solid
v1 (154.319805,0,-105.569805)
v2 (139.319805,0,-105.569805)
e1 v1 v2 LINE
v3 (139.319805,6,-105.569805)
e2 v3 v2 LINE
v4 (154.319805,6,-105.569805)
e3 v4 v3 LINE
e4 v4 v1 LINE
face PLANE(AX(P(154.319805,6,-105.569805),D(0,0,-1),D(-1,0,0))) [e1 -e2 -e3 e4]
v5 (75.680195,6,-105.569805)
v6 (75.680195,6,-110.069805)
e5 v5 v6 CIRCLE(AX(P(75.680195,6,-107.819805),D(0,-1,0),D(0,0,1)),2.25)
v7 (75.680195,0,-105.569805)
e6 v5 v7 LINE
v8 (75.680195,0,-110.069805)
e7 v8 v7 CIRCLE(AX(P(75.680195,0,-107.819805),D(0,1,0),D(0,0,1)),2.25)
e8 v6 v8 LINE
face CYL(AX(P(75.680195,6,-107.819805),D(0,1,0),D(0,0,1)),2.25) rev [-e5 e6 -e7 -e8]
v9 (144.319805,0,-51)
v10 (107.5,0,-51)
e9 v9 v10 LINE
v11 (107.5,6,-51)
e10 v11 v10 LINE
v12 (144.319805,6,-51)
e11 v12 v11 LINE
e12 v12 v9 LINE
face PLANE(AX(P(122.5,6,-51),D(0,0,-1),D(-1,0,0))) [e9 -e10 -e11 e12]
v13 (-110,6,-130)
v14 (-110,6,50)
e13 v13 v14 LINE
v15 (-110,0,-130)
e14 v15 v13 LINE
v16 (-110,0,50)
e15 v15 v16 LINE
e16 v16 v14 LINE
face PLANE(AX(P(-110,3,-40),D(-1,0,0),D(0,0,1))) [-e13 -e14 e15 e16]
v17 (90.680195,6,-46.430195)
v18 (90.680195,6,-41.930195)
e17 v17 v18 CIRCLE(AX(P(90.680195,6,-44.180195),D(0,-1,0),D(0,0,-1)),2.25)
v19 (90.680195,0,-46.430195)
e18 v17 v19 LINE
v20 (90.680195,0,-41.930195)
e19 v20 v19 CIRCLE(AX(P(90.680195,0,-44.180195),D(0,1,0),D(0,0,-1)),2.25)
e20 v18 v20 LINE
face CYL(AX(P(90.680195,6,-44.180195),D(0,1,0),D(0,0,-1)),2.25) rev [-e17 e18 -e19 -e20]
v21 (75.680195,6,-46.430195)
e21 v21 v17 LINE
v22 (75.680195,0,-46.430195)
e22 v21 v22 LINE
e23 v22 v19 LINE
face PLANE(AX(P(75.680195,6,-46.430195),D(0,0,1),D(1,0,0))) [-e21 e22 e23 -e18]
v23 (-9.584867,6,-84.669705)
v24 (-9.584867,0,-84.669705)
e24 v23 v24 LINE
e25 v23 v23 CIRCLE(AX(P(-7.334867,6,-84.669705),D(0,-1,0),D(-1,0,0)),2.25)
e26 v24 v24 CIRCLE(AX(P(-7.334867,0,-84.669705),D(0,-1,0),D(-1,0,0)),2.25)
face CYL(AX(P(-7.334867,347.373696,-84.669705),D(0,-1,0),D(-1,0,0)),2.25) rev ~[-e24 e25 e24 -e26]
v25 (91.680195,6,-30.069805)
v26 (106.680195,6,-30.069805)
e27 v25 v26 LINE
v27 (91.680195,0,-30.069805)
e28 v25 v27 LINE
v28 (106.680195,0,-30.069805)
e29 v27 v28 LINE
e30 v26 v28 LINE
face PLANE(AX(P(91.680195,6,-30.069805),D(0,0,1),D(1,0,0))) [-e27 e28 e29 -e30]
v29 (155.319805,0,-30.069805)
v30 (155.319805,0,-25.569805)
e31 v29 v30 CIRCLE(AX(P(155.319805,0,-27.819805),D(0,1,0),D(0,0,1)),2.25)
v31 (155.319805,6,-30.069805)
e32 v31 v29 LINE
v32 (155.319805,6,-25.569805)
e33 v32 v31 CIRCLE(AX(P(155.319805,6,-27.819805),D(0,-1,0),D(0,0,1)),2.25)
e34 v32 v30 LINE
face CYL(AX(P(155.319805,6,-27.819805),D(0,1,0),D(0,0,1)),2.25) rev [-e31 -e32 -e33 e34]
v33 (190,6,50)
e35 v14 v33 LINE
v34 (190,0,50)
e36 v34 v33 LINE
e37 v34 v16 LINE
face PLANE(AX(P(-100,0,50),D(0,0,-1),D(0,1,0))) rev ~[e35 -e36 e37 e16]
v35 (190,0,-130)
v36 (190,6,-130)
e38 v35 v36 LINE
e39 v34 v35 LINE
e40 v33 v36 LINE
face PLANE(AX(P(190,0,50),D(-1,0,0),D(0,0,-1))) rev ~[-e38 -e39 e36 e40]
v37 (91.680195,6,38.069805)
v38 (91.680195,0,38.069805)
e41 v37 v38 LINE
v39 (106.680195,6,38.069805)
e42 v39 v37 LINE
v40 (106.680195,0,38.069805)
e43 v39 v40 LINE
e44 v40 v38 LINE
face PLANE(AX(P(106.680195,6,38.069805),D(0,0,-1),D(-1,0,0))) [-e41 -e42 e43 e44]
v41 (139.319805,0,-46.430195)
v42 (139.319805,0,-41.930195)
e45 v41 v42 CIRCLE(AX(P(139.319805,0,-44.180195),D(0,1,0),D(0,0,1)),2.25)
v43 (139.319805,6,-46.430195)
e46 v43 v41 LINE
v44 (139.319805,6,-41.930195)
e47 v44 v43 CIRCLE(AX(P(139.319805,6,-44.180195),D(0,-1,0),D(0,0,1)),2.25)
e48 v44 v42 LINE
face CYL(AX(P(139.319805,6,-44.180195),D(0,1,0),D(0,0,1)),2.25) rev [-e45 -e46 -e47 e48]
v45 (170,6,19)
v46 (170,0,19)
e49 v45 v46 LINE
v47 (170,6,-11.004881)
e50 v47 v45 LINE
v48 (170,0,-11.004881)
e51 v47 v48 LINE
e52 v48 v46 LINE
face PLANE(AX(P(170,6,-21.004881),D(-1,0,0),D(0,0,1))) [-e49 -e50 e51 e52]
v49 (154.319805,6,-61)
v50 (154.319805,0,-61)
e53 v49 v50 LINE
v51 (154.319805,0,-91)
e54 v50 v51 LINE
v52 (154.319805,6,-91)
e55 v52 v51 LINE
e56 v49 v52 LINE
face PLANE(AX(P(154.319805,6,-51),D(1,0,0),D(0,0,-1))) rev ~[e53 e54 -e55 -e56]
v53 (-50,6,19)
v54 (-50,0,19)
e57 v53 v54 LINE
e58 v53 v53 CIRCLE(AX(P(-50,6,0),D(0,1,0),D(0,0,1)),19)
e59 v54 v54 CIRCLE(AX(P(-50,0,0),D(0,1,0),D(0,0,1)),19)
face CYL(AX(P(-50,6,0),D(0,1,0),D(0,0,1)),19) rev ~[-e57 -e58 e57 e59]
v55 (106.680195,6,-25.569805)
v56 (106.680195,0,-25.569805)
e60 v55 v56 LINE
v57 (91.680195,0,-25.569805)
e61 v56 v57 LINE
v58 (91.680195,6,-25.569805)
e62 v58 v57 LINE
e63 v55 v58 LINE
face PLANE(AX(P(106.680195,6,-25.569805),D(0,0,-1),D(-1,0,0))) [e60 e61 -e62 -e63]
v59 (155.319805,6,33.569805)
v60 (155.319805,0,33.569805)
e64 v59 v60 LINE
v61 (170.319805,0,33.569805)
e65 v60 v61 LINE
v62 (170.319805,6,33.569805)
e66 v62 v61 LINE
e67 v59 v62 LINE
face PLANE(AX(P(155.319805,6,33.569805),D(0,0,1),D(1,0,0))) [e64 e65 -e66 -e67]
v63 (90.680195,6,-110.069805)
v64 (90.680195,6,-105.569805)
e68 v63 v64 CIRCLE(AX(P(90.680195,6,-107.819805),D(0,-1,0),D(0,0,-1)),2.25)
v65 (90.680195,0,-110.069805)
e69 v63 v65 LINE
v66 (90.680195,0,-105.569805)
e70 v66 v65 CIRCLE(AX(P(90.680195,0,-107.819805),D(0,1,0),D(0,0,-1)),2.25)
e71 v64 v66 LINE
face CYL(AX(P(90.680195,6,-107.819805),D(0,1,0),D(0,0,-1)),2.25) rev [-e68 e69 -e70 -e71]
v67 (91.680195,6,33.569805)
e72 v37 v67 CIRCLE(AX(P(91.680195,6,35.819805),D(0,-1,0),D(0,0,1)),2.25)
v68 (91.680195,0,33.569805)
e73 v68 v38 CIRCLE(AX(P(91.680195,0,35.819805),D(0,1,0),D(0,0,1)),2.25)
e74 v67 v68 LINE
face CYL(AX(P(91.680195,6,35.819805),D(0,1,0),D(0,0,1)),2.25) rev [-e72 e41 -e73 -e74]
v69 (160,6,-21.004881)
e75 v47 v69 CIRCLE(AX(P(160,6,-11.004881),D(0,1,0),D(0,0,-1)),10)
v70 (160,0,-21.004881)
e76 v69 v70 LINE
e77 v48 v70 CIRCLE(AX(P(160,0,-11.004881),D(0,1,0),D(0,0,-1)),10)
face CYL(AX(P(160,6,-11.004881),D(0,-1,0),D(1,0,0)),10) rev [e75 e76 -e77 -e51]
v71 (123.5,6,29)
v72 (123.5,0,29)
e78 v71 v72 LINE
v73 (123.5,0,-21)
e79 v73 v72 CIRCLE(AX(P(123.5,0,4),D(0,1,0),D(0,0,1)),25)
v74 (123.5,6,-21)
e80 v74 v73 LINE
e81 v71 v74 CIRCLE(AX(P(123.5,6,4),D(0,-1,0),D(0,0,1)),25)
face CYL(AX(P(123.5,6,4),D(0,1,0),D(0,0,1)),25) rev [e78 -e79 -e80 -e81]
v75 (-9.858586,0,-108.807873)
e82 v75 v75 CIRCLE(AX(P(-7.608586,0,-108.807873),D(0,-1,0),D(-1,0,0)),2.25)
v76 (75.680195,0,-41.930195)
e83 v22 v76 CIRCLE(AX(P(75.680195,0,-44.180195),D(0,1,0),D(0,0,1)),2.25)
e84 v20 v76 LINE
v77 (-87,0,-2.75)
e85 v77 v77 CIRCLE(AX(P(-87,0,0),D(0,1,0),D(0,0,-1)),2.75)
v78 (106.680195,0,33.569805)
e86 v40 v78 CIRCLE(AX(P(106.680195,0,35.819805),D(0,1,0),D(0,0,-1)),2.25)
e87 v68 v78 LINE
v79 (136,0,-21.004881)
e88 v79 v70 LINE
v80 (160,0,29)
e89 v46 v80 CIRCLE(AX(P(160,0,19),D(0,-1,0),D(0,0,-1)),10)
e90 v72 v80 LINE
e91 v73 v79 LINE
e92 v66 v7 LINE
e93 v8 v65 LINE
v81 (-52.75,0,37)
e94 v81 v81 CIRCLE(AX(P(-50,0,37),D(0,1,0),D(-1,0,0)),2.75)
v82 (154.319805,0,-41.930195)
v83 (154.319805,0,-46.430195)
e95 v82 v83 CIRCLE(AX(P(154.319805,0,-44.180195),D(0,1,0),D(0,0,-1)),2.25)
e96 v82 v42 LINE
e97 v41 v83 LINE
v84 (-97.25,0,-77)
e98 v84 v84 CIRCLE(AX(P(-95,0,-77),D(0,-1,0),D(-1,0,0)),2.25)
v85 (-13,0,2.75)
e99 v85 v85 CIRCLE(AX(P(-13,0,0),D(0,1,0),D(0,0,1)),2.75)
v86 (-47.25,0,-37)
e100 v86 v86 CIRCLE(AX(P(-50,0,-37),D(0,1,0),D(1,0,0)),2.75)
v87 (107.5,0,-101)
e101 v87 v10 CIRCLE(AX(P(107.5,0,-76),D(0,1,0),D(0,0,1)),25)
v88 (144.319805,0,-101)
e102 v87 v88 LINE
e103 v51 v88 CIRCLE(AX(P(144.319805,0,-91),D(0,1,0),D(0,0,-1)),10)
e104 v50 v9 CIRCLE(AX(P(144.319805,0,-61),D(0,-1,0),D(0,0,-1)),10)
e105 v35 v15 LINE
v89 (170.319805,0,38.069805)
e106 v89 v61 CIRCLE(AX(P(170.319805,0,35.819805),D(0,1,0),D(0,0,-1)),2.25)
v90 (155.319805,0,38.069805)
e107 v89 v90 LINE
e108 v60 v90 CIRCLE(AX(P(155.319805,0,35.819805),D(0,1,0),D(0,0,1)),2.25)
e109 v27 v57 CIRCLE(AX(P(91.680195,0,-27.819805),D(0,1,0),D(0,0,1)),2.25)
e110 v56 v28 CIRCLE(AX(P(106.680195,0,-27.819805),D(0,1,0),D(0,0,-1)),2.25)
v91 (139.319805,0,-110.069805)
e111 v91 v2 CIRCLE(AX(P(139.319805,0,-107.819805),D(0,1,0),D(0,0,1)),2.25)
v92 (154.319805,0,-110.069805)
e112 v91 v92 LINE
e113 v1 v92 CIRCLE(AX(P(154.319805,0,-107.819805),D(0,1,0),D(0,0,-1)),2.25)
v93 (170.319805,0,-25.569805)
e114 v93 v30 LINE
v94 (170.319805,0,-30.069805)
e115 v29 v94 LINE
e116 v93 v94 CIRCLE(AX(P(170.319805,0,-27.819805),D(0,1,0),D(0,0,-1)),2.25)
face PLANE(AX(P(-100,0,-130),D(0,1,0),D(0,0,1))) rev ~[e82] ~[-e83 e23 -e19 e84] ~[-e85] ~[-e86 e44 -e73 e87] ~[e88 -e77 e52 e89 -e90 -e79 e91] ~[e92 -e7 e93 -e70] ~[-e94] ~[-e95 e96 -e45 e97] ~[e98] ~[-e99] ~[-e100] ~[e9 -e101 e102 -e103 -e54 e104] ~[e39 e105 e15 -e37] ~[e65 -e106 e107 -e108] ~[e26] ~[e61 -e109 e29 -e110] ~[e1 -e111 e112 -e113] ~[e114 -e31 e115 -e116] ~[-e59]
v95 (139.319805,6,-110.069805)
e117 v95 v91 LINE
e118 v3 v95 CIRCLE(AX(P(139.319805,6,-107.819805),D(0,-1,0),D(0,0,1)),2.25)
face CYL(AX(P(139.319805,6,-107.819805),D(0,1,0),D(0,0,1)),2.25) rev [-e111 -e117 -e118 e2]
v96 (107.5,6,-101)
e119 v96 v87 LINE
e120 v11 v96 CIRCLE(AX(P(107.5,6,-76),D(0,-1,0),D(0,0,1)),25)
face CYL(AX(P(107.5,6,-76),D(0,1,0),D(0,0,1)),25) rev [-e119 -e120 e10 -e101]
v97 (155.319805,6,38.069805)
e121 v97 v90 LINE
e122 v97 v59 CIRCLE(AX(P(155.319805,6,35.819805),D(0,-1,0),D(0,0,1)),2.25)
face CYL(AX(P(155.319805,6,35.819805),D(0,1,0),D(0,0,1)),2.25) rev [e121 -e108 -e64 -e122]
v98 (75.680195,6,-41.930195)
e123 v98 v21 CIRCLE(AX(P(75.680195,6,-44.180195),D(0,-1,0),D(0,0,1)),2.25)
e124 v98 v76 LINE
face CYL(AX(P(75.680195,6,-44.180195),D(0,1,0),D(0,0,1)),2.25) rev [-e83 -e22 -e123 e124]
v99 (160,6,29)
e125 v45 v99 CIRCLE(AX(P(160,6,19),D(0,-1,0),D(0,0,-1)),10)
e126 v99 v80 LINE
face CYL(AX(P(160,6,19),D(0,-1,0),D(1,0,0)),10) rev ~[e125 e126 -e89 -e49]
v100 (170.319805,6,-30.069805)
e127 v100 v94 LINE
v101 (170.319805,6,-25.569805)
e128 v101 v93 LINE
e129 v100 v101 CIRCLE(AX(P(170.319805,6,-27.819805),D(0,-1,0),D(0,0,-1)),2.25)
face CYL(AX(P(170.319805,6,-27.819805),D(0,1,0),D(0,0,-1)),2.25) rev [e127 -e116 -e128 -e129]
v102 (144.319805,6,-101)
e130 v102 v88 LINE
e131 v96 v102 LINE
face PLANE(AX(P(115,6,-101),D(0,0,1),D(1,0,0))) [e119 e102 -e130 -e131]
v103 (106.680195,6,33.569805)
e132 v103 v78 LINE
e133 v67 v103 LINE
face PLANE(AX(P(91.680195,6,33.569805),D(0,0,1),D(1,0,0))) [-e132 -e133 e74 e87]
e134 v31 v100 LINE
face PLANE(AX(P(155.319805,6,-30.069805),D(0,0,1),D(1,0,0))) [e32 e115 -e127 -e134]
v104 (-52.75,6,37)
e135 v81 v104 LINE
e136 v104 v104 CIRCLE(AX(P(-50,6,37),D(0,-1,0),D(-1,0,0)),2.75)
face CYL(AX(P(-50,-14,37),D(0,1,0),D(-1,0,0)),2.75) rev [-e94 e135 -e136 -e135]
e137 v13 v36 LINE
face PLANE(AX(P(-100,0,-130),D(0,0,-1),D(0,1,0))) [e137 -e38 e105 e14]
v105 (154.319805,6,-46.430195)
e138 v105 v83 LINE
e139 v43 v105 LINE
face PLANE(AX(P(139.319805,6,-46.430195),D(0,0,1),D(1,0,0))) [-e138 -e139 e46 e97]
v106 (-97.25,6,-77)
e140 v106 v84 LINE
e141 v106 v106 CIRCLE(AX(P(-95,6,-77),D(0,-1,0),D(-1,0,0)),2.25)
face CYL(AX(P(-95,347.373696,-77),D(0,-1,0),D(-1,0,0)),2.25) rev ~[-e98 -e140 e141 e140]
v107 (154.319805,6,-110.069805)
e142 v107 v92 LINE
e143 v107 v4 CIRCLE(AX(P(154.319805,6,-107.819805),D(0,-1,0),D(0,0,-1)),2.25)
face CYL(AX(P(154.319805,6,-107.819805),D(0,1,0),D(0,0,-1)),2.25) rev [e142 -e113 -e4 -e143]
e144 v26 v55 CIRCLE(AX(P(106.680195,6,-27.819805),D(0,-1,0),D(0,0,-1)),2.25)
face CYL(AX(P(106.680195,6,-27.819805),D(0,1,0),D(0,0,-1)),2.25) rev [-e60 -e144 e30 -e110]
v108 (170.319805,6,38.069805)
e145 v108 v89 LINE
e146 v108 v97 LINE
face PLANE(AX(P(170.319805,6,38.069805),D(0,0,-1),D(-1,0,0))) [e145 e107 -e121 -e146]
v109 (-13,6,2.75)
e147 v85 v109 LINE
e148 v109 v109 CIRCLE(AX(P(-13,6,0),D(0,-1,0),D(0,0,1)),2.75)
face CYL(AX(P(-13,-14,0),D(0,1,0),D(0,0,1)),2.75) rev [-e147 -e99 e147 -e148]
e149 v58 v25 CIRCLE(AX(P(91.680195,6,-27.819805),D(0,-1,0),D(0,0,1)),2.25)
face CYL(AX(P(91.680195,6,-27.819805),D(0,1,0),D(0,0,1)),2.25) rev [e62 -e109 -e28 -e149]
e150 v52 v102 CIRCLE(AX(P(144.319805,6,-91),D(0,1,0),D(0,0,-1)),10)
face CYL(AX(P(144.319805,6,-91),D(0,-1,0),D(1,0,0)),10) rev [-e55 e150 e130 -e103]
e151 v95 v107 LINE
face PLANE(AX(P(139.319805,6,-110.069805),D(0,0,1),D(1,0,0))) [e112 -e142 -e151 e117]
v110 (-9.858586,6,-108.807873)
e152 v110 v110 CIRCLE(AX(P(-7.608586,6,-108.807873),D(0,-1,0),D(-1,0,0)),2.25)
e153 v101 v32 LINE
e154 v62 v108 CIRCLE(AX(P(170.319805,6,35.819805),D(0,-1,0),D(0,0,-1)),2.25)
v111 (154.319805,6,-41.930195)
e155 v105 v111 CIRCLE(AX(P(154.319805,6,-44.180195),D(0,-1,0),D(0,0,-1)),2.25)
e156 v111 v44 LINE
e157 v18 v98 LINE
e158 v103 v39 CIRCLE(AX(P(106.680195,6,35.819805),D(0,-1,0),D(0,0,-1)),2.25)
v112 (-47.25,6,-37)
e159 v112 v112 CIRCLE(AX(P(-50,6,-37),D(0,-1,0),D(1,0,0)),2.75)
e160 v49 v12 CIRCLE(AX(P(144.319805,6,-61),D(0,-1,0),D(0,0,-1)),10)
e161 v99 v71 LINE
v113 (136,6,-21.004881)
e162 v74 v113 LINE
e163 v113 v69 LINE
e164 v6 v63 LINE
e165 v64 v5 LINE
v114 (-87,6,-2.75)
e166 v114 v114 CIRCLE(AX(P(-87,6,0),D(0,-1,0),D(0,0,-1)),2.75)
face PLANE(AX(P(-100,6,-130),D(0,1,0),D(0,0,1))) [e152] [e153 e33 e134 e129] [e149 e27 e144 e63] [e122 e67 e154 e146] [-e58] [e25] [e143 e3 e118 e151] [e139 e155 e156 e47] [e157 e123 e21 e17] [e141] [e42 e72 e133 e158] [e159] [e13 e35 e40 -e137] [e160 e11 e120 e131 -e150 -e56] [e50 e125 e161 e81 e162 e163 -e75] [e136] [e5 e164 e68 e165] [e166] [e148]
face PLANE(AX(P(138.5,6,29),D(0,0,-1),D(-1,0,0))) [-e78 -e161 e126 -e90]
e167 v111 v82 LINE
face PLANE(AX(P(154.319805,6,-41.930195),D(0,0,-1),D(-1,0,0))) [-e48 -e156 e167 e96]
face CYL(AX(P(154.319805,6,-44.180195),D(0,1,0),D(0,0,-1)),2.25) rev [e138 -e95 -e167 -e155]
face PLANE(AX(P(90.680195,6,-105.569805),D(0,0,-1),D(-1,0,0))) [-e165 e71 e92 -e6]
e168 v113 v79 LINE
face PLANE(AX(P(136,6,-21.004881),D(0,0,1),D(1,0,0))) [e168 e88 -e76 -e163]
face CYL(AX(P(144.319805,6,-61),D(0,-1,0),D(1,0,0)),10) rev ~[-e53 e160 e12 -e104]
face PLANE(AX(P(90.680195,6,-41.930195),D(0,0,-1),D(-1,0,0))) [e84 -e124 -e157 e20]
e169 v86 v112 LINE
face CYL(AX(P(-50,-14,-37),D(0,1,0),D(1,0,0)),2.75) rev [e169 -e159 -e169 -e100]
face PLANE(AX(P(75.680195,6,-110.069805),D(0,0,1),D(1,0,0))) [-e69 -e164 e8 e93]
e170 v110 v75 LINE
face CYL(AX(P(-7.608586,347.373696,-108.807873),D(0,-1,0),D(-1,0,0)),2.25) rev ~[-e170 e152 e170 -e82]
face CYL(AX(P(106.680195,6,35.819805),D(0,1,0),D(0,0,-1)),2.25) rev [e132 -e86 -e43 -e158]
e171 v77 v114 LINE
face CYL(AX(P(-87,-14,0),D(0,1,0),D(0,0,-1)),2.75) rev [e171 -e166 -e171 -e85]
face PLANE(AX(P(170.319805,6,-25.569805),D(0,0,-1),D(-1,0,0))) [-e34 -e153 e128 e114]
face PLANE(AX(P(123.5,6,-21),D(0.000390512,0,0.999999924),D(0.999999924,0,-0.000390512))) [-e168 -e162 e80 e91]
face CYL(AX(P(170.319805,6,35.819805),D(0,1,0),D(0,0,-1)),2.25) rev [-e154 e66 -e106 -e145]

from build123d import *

# Parameters (mm, degrees)
SKETCH1_W            = 290
SKETCH1_H            = 180
BOSS_EXTRUDE1_DEPTH  = 6
SKETCH2_R            = 19
CUT_EXTRUDE1_DEPTH   = 231.295462396
M4_CLEARANCE_HOLE1_D = 4.5
CUT_EXTRUDE3_DEPTH   = 10
CUT_EXTRUDE4_DEPTH   = 10
CUT_EXTRUDE5_DEPTH   = 231.295462396
FILLET1_R            = 10
SKETCH12_W           = 39.319805153
SKETCH12_H           = 50
CUT_EXTRUDE6_DEPTH   = 10
FILLET2_R            = 10
CIRPATTERN1_COUNT    = 4
SKETCH15_W           = 180
SKETCH15_H           = 6
BOSS_EXTRUDE2_DEPTH  = 10


with BuildPart() as part:
    # Sketch1 → Boss-Extrude1 (new body)
    with BuildSketch(Plane(origin=(0, 0, 0), x_dir=(1, 0, 0), z_dir=(0, 1, 0))):
        with Locations((45, 40)):
            Rectangle(SKETCH1_W, SKETCH1_H)
    extrude(amount=BOSS_EXTRUDE1_DEPTH)

    # Sketch2 → Cut-Extrude1 (cut, through all)
    with BuildSketch(Plane(origin=(0, 6, 0), x_dir=(1, 0, 0), z_dir=(0, 1, 0))):
        with Locations((-50, 0)):
            Circle(SKETCH2_R)
    extrude(amount=-CUT_EXTRUDE1_DEPTH, mode=Mode.SUBTRACT)

    # M4 Clearance Hole1 (through all)
    with Locations(Plane(origin=(0, 6, 0), x_dir=(1, 0, 0), z_dir=(0, 1, 0))):
        with Locations((-95, 77), (-7.608586267, 108.807873329), (-7.334866568, 84.669705362)):
            Hole(M4_CLEARANCE_HOLE1_D / 2)

    # Sketch8 → Cut-Extrude3 (cut)
    with BuildSketch(Plane(origin=(0, 6, 0), x_dir=(1, 0, 0), z_dir=(0, 1, 0))):
        with BuildLine():
            Line((75.680194847, 110.069805153), (90.680194847, 110.069805153))
            ThreePointArc((90.680194847, 110.069805153), (92.930194847, 107.819805153), (90.680194847, 105.569805153))
            Line((90.680194847, 105.569805153), (75.680194847, 105.569805153))
            ThreePointArc((75.680194847, 105.569805153), (73.430194847, 107.819805153), (75.680194847, 110.069805153))
        make_face()
        with BuildLine():
            Line((139.319805153, 110.069805153), (154.319805153, 110.069805153))
            ThreePointArc((154.319805153, 110.069805153), (156.569805153, 107.819805153), (154.319805153, 105.569805153))
            Line((154.319805153, 105.569805153), (139.319805153, 105.569805153))
            ThreePointArc((139.319805153, 105.569805153), (137.069805153, 107.819805153), (139.319805153, 110.069805153))
        make_face()
        with BuildLine():
            Line((75.680194847, 46.430194847), (90.680194847, 46.430194847))
            ThreePointArc((90.680194847, 46.430194847), (92.930194847, 44.180194847), (90.680194847, 41.930194847))
            Line((90.680194847, 41.930194847), (75.680194847, 41.930194847))
            ThreePointArc((75.680194847, 41.930194847), (73.430194847, 44.180194847), (75.680194847, 46.430194847))
        make_face()
        with BuildLine():
            Line((139.319805153, 46.430194847), (154.319805153, 46.430194847))
            ThreePointArc((154.319805153, 46.430194847), (156.569805153, 44.180194847), (154.319805153, 41.930194847))
            Line((154.319805153, 41.930194847), (139.319805153, 41.930194847))
            ThreePointArc((139.319805153, 41.930194847), (137.069805153, 44.180194847), (139.319805153, 46.430194847))
        make_face()
        with BuildLine():
            Line((107.5, 101), (122.5, 101))
            ThreePointArc((122.5, 101), (147.5, 76), (122.5, 51))
            Line((122.5, 51), (107.5, 51))
            ThreePointArc((107.5, 51), (82.5, 76), (107.5, 101))
        make_face()
    extrude(amount=-CUT_EXTRUDE3_DEPTH, mode=Mode.SUBTRACT)

    # Sketch9 → Cut-Extrude4 (cut)
    with BuildSketch(Plane(origin=(0, 6, 0), x_dir=(1, 0, 0), z_dir=(0, 1, 0))):
        with BuildLine():
            Line((91.680194847, 30.069805153), (106.680194847, 30.069805153))
            ThreePointArc((106.680194847, 30.069805153), (108.930194847, 27.819805153), (106.680194847, 25.569805153))
            Line((106.680194847, 25.569805153), (91.680194847, 25.569805153))
            ThreePointArc((91.680194847, 25.569805153), (89.430194847, 27.819805153), (91.680194847, 30.069805153))
        make_face()
        with BuildLine():
            Line((155.319805153, 30.069805153), (170.319805153, 30.069805153))
            ThreePointArc((170.319805153, 30.069805153), (172.569805153, 27.819805153), (170.319805153, 25.569805153))
            Line((170.319805153, 25.569805153), (155.319805153, 25.569805153))
            ThreePointArc((155.319805153, 25.569805153), (153.069805153, 27.819805153), (155.319805153, 30.069805153))
        make_face()
        with BuildLine():
            Line((91.680194847, -33.569805153), (106.680194847, -33.569805153))
            ThreePointArc((106.680194847, -33.569805153), (108.930194847, -35.819805153), (106.680194847, -38.069805153))
            Line((106.680194847, -38.069805153), (91.680194847, -38.069805153))
            ThreePointArc((91.680194847, -38.069805153), (89.430194847, -35.819805153), (91.680194847, -33.569805153))
        make_face()
        with BuildLine():
            Line((155.319805153, -33.569805153), (170.319805153, -33.569805153))
            ThreePointArc((170.319805153, -33.569805153), (172.569805153, -35.819805153), (170.319805153, -38.069805153))
            Line((170.319805153, -38.069805153), (155.319805153, -38.069805153))
            ThreePointArc((155.319805153, -38.069805153), (153.069805153, -35.819805153), (155.319805153, -33.569805153))
        make_face()
        with BuildLine():
            Line((123.5, 21), (138.5, 21))
            ThreePointArc((138.5, 21), (163.5, -4), (138.5, -29))
            Line((138.5, -29), (123.5, -29))
            ThreePointArc((123.5, -29), (98.5, -4), (123.5, 21))
        make_face()
    extrude(amount=-CUT_EXTRUDE4_DEPTH, mode=Mode.SUBTRACT)

    # Sketch10 → Cut-Extrude5 (cut, through all)
    with BuildSketch(Plane(origin=(0, 6, 0), x_dir=(1, 0, 0), z_dir=(0, 1, 0))):
        with BuildLine():
            Line((123.5, 21), (136, 21.004881403))
            Line((136, 21.004881403), (170, 21.004881403))
            Line((170, 21.004881403), (170, -29))
            Line((170, -29), (136, -29))
            Line((136, -29), (123.5, -29))
            ThreePointArc((123.5, -29), (98.5, -4), (123.5, 21))
        make_face()
    extrude(amount=-CUT_EXTRUDE5_DEPTH, mode=Mode.SUBTRACT)

    # Fillet1
    fillet1_edges = [part.edges().sort_by_distance(p)[0] for p in [
        (170, 3, 29),
        (170, 3, -21.004881403),
    ]]
    fillet(fillet1_edges, radius=FILLET1_R)

    # Sketch12 → Cut-Extrude6 (cut)
    with BuildSketch(Plane(origin=(0, 6, 0), x_dir=(1, 0, 0), z_dir=(0, 1, 0))):
        with Locations((134.659902577, 76)):
            Rectangle(SKETCH12_W, SKETCH12_H)
    extrude(amount=-CUT_EXTRUDE6_DEPTH, mode=Mode.SUBTRACT)

    # Fillet2
    fillet2_edges = [part.edges().sort_by_distance(p)[0] for p in [
        (154.319805153, 3, -101),
        (154.319805153, 3, -51),
    ]]
    fillet(fillet2_edges, radius=FILLET2_R)

    # Sketch14 → M5 Clearance Hole2 (revolve, cut)
    with BuildSketch(Plane(origin=(-13, 6, 0), x_dir=(0, 0, 1), z_dir=(1, 0, 0))):
        Polygon((0, 0), (0, 21.652366702), (2.75, 20), (2.75, 0), align=None)
    m5_clearance_hole2 = revolve(axis=Axis((-13, 12.35, 0), (0, -1, 0)), mode=Mode.SUBTRACT)

    # CirPattern1: M5 Clearance Hole2 ×4 about axis
    cirpattern1_axis = Axis((-50, 0, 0), (0, 1, 0))
    for i in range(1, CIRPATTERN1_COUNT):
        add(m5_clearance_hole2.rotate(cirpattern1_axis, i * 360 / CIRPATTERN1_COUNT), mode=Mode.SUBTRACT)

    # Sketch15 → Boss-Extrude2 (add)
    with BuildSketch(Plane.ZY.offset(100)):
        with Locations((-40, 3)):
            Rectangle(SKETCH15_W, SKETCH15_H)
    extrude(amount=BOSS_EXTRUDE2_DEPTH)


solid = part.part
